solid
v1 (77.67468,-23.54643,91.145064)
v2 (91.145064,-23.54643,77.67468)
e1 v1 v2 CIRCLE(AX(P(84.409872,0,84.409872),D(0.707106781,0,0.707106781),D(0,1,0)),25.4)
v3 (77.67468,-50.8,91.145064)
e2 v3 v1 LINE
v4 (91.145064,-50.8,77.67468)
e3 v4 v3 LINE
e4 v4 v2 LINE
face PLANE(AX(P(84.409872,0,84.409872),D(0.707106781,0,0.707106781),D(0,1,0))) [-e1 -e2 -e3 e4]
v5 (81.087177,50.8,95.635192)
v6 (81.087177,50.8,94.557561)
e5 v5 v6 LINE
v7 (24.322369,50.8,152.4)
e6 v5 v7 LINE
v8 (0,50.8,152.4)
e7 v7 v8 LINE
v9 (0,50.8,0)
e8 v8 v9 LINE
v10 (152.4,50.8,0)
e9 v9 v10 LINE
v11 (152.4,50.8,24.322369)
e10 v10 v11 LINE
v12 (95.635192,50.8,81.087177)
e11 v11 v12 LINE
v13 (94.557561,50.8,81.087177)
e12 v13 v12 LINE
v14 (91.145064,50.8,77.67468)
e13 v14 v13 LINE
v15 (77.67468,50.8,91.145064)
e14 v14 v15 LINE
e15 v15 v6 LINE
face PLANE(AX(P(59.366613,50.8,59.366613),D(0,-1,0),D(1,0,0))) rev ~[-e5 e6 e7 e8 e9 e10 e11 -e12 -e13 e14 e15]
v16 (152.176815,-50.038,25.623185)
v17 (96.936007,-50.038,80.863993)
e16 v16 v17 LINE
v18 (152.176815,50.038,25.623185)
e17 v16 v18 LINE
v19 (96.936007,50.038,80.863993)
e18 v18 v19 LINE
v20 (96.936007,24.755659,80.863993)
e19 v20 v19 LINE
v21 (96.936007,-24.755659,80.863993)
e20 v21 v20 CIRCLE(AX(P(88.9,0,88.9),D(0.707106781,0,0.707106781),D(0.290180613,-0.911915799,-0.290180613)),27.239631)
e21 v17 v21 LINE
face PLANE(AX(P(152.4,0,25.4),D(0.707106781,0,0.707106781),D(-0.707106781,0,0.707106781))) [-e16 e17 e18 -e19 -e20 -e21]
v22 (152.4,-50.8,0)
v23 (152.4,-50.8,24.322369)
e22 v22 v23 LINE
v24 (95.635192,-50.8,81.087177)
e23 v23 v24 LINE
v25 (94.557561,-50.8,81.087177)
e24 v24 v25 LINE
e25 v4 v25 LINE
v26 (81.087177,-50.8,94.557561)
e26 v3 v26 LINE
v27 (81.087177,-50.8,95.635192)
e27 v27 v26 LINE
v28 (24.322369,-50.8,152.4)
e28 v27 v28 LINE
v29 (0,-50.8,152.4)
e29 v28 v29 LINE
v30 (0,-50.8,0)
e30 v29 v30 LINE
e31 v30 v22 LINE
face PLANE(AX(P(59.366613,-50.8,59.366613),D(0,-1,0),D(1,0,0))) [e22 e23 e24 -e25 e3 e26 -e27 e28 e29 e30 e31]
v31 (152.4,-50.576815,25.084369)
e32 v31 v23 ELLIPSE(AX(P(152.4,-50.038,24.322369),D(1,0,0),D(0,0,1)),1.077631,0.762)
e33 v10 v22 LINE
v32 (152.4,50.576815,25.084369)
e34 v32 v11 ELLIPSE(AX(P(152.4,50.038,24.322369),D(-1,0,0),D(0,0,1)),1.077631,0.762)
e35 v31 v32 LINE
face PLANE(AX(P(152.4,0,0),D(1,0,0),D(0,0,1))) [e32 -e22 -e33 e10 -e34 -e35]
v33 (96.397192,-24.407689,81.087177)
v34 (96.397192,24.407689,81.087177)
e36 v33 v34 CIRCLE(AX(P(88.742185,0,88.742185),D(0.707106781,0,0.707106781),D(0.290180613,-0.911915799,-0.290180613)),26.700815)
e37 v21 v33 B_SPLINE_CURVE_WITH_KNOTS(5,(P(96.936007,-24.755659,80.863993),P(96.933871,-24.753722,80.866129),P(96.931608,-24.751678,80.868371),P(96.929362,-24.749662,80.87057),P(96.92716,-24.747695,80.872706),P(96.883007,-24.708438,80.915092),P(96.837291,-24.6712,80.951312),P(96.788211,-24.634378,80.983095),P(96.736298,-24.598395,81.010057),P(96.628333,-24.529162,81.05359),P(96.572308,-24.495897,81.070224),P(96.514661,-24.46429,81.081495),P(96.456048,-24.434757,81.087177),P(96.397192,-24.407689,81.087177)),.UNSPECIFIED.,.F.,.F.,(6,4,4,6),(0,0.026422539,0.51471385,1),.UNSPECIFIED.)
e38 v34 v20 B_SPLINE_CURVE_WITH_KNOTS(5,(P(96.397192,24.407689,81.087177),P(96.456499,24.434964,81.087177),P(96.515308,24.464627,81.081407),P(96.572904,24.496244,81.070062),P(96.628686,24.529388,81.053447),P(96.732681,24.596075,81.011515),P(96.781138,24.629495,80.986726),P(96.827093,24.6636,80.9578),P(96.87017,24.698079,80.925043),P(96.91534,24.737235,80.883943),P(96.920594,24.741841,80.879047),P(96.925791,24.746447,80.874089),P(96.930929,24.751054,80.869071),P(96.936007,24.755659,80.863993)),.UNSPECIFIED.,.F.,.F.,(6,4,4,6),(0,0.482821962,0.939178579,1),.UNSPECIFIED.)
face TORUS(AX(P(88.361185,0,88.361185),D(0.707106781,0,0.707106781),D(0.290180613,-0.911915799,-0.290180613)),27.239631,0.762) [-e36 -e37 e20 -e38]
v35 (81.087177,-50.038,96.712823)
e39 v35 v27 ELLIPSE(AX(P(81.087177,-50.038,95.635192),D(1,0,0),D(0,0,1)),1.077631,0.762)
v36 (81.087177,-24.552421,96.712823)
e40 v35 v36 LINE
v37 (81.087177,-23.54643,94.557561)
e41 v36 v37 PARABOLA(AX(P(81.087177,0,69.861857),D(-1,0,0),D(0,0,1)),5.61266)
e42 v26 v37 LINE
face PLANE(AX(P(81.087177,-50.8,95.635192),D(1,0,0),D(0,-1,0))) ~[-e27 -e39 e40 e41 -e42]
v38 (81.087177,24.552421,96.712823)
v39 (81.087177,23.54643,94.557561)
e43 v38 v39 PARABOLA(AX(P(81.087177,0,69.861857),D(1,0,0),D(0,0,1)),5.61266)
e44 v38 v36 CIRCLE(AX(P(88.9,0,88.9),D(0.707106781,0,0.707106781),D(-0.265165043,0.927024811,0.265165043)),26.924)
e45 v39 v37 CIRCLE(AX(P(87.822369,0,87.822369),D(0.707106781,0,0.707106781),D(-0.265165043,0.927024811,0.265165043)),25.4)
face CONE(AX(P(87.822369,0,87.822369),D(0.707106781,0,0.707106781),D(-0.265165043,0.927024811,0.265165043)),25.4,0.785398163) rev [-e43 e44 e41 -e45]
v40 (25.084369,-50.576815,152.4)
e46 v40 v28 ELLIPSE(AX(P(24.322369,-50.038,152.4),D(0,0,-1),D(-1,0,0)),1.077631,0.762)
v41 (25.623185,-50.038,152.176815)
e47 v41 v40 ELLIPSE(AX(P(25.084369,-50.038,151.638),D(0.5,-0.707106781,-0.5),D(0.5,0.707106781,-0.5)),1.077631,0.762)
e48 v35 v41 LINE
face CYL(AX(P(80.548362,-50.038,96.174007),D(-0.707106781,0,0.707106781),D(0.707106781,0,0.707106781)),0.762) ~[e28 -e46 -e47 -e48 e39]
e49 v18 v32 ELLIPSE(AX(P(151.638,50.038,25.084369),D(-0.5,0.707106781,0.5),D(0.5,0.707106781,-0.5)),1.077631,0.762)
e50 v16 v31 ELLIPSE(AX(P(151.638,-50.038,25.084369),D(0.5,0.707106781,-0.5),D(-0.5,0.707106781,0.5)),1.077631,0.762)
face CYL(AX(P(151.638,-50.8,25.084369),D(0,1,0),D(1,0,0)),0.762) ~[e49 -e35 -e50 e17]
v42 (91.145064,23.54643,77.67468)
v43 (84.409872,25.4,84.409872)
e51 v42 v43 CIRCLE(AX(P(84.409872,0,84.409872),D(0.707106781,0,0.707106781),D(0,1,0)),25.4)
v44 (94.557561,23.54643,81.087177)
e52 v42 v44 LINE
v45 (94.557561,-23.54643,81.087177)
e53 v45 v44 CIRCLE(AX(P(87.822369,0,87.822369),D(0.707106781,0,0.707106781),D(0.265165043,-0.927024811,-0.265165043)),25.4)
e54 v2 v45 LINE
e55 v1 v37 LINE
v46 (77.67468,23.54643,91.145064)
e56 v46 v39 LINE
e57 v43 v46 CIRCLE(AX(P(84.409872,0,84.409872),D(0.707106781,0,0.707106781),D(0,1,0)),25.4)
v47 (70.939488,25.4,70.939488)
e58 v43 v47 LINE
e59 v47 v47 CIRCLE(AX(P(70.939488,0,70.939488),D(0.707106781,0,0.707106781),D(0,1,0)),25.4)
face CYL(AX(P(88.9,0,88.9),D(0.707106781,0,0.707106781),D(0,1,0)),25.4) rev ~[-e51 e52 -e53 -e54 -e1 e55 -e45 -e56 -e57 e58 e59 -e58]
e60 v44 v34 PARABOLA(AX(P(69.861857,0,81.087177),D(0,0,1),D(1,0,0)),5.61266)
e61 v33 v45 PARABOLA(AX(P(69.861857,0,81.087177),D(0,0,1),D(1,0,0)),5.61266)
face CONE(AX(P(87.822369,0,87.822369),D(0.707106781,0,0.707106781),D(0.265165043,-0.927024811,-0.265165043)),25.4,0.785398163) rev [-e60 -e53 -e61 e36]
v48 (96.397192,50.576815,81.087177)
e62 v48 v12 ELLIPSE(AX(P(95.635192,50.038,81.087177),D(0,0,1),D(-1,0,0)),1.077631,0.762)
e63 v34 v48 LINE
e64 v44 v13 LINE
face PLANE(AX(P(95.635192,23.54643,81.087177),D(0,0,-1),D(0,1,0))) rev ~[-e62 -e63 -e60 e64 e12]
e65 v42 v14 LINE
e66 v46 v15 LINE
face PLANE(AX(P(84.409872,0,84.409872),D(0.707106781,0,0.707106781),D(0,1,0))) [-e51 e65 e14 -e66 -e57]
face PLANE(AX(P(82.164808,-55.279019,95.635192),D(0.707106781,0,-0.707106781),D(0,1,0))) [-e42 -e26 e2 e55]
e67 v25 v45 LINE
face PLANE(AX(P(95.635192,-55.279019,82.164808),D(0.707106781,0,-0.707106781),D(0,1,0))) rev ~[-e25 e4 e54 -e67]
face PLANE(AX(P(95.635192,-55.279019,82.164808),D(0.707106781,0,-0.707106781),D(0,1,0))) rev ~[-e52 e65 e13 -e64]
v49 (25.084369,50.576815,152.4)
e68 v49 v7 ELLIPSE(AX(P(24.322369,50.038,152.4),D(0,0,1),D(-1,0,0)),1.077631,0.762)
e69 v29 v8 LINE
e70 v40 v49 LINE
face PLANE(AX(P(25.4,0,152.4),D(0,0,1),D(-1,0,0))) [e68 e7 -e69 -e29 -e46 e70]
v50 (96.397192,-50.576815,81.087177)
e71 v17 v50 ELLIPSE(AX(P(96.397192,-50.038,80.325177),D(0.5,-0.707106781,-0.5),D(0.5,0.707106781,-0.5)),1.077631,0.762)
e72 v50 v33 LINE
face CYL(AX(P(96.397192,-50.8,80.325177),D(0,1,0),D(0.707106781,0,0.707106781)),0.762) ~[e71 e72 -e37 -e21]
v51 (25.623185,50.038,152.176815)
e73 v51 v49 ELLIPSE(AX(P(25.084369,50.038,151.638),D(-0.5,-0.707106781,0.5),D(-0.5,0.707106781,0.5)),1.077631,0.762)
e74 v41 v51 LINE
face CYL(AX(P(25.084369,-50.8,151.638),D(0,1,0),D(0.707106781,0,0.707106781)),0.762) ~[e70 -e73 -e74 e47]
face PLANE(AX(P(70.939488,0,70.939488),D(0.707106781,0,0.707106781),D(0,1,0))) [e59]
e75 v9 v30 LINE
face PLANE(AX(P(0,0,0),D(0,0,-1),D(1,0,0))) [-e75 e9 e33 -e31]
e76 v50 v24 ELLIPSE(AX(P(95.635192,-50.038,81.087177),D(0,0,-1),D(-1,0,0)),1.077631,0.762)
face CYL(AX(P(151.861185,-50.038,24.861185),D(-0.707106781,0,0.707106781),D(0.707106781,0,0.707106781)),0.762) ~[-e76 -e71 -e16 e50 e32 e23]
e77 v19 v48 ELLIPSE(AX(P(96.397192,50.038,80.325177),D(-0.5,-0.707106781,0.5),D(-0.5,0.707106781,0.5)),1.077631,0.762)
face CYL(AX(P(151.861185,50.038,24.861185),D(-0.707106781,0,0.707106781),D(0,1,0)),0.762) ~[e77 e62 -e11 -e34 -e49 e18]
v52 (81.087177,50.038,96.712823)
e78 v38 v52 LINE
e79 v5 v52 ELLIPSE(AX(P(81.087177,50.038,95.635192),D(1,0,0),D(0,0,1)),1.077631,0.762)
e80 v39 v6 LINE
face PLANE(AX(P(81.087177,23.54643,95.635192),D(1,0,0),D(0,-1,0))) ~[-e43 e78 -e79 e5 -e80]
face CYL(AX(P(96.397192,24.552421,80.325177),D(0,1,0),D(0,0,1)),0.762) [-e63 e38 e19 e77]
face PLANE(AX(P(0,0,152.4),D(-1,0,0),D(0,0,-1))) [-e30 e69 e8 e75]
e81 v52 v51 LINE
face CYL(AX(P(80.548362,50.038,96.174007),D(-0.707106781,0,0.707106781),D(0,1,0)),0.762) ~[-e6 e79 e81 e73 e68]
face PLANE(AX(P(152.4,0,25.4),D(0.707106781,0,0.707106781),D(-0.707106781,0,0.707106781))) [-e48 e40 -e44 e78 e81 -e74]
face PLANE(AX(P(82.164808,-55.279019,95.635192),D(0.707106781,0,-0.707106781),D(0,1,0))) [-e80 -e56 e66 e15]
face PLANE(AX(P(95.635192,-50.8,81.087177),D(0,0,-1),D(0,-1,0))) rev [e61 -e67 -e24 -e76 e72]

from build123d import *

# Parameters (mm, degrees)
F1_DEPTH      = 50.8
F1_DEPTH_BACK = 50.8
F2_R          = 25.4
F3_DEPTH      = 25.4
F4_W          = 110.558038988
F4_H          = 19.05
F5_DEPTH      = 6.35
F6_SIZE       = 1.524
F7_R          = 0.762


with BuildPart() as f1:
    # F0 (on Front) → F1 (new body, two sides)
    with BuildSketch(Plane.XZ) as f1_sk:
        Polygon((0, 152.4), (0, 0), (152.4, 0), (152.4, 25.4), (25.4, 152.4), align=None)
    extrude(amount=F1_DEPTH)
    extrude(f1_sk.sketch, amount=-F1_DEPTH_BACK)

    # F2 (on face) → F3 (cut)
    with BuildSketch(Plane(origin=(88.9, 0, 88.9), x_dir=(0, 1, 0), z_dir=(0.7071067812, 0, 0.7071067812))):
        Circle(F2_R)
    extrude(amount=-F3_DEPTH, mode=Mode.SUBTRACT)

    # F4 (on face) → F5 (cut)
    with BuildSketch(Plane(origin=(88.9, 0, 88.9), x_dir=(0, 1, 0), z_dir=(0.7071067812, 0, 0.7071067812))):
        Rectangle(F4_W, F4_H)
    extrude(amount=-F5_DEPTH, mode=Mode.SUBTRACT)

    # F6
    f6_edges = [f1.edges().sort_by_distance(p)[0] for p in [
        (82.164808, -37.173215, 95.635192),
        (95.635192, -37.173215, 82.164808),
        (95.635192, 37.173215, 82.164808),
        (82.164808, 37.173215, 95.635192),
        (70.939488, 0, 106.860512),
        (106.860512, 0, 70.939488),
    ]]
    chamfer(f6_edges, length=F6_SIZE)

    # F7
    f7_edges = [f1.edges().sort_by_distance(p)[0] for p in [
        (25.4, 0, 152.4),
        (53.243589, -50.8, 124.556411),
        (53.243589, 50.8, 124.556411),
        (124.556411, 50.8, 53.243589),
        (96.712823, 37.67621, 81.087177),
        (152.4, 0, 25.4),
        (107.938143, 0, 69.861857),
        (124.556411, -50.8, 53.243589),
        (96.712823, -37.67621, 81.087177),
    ]]
    fillet(f7_edges, radius=F7_R)


solid = f1.part
